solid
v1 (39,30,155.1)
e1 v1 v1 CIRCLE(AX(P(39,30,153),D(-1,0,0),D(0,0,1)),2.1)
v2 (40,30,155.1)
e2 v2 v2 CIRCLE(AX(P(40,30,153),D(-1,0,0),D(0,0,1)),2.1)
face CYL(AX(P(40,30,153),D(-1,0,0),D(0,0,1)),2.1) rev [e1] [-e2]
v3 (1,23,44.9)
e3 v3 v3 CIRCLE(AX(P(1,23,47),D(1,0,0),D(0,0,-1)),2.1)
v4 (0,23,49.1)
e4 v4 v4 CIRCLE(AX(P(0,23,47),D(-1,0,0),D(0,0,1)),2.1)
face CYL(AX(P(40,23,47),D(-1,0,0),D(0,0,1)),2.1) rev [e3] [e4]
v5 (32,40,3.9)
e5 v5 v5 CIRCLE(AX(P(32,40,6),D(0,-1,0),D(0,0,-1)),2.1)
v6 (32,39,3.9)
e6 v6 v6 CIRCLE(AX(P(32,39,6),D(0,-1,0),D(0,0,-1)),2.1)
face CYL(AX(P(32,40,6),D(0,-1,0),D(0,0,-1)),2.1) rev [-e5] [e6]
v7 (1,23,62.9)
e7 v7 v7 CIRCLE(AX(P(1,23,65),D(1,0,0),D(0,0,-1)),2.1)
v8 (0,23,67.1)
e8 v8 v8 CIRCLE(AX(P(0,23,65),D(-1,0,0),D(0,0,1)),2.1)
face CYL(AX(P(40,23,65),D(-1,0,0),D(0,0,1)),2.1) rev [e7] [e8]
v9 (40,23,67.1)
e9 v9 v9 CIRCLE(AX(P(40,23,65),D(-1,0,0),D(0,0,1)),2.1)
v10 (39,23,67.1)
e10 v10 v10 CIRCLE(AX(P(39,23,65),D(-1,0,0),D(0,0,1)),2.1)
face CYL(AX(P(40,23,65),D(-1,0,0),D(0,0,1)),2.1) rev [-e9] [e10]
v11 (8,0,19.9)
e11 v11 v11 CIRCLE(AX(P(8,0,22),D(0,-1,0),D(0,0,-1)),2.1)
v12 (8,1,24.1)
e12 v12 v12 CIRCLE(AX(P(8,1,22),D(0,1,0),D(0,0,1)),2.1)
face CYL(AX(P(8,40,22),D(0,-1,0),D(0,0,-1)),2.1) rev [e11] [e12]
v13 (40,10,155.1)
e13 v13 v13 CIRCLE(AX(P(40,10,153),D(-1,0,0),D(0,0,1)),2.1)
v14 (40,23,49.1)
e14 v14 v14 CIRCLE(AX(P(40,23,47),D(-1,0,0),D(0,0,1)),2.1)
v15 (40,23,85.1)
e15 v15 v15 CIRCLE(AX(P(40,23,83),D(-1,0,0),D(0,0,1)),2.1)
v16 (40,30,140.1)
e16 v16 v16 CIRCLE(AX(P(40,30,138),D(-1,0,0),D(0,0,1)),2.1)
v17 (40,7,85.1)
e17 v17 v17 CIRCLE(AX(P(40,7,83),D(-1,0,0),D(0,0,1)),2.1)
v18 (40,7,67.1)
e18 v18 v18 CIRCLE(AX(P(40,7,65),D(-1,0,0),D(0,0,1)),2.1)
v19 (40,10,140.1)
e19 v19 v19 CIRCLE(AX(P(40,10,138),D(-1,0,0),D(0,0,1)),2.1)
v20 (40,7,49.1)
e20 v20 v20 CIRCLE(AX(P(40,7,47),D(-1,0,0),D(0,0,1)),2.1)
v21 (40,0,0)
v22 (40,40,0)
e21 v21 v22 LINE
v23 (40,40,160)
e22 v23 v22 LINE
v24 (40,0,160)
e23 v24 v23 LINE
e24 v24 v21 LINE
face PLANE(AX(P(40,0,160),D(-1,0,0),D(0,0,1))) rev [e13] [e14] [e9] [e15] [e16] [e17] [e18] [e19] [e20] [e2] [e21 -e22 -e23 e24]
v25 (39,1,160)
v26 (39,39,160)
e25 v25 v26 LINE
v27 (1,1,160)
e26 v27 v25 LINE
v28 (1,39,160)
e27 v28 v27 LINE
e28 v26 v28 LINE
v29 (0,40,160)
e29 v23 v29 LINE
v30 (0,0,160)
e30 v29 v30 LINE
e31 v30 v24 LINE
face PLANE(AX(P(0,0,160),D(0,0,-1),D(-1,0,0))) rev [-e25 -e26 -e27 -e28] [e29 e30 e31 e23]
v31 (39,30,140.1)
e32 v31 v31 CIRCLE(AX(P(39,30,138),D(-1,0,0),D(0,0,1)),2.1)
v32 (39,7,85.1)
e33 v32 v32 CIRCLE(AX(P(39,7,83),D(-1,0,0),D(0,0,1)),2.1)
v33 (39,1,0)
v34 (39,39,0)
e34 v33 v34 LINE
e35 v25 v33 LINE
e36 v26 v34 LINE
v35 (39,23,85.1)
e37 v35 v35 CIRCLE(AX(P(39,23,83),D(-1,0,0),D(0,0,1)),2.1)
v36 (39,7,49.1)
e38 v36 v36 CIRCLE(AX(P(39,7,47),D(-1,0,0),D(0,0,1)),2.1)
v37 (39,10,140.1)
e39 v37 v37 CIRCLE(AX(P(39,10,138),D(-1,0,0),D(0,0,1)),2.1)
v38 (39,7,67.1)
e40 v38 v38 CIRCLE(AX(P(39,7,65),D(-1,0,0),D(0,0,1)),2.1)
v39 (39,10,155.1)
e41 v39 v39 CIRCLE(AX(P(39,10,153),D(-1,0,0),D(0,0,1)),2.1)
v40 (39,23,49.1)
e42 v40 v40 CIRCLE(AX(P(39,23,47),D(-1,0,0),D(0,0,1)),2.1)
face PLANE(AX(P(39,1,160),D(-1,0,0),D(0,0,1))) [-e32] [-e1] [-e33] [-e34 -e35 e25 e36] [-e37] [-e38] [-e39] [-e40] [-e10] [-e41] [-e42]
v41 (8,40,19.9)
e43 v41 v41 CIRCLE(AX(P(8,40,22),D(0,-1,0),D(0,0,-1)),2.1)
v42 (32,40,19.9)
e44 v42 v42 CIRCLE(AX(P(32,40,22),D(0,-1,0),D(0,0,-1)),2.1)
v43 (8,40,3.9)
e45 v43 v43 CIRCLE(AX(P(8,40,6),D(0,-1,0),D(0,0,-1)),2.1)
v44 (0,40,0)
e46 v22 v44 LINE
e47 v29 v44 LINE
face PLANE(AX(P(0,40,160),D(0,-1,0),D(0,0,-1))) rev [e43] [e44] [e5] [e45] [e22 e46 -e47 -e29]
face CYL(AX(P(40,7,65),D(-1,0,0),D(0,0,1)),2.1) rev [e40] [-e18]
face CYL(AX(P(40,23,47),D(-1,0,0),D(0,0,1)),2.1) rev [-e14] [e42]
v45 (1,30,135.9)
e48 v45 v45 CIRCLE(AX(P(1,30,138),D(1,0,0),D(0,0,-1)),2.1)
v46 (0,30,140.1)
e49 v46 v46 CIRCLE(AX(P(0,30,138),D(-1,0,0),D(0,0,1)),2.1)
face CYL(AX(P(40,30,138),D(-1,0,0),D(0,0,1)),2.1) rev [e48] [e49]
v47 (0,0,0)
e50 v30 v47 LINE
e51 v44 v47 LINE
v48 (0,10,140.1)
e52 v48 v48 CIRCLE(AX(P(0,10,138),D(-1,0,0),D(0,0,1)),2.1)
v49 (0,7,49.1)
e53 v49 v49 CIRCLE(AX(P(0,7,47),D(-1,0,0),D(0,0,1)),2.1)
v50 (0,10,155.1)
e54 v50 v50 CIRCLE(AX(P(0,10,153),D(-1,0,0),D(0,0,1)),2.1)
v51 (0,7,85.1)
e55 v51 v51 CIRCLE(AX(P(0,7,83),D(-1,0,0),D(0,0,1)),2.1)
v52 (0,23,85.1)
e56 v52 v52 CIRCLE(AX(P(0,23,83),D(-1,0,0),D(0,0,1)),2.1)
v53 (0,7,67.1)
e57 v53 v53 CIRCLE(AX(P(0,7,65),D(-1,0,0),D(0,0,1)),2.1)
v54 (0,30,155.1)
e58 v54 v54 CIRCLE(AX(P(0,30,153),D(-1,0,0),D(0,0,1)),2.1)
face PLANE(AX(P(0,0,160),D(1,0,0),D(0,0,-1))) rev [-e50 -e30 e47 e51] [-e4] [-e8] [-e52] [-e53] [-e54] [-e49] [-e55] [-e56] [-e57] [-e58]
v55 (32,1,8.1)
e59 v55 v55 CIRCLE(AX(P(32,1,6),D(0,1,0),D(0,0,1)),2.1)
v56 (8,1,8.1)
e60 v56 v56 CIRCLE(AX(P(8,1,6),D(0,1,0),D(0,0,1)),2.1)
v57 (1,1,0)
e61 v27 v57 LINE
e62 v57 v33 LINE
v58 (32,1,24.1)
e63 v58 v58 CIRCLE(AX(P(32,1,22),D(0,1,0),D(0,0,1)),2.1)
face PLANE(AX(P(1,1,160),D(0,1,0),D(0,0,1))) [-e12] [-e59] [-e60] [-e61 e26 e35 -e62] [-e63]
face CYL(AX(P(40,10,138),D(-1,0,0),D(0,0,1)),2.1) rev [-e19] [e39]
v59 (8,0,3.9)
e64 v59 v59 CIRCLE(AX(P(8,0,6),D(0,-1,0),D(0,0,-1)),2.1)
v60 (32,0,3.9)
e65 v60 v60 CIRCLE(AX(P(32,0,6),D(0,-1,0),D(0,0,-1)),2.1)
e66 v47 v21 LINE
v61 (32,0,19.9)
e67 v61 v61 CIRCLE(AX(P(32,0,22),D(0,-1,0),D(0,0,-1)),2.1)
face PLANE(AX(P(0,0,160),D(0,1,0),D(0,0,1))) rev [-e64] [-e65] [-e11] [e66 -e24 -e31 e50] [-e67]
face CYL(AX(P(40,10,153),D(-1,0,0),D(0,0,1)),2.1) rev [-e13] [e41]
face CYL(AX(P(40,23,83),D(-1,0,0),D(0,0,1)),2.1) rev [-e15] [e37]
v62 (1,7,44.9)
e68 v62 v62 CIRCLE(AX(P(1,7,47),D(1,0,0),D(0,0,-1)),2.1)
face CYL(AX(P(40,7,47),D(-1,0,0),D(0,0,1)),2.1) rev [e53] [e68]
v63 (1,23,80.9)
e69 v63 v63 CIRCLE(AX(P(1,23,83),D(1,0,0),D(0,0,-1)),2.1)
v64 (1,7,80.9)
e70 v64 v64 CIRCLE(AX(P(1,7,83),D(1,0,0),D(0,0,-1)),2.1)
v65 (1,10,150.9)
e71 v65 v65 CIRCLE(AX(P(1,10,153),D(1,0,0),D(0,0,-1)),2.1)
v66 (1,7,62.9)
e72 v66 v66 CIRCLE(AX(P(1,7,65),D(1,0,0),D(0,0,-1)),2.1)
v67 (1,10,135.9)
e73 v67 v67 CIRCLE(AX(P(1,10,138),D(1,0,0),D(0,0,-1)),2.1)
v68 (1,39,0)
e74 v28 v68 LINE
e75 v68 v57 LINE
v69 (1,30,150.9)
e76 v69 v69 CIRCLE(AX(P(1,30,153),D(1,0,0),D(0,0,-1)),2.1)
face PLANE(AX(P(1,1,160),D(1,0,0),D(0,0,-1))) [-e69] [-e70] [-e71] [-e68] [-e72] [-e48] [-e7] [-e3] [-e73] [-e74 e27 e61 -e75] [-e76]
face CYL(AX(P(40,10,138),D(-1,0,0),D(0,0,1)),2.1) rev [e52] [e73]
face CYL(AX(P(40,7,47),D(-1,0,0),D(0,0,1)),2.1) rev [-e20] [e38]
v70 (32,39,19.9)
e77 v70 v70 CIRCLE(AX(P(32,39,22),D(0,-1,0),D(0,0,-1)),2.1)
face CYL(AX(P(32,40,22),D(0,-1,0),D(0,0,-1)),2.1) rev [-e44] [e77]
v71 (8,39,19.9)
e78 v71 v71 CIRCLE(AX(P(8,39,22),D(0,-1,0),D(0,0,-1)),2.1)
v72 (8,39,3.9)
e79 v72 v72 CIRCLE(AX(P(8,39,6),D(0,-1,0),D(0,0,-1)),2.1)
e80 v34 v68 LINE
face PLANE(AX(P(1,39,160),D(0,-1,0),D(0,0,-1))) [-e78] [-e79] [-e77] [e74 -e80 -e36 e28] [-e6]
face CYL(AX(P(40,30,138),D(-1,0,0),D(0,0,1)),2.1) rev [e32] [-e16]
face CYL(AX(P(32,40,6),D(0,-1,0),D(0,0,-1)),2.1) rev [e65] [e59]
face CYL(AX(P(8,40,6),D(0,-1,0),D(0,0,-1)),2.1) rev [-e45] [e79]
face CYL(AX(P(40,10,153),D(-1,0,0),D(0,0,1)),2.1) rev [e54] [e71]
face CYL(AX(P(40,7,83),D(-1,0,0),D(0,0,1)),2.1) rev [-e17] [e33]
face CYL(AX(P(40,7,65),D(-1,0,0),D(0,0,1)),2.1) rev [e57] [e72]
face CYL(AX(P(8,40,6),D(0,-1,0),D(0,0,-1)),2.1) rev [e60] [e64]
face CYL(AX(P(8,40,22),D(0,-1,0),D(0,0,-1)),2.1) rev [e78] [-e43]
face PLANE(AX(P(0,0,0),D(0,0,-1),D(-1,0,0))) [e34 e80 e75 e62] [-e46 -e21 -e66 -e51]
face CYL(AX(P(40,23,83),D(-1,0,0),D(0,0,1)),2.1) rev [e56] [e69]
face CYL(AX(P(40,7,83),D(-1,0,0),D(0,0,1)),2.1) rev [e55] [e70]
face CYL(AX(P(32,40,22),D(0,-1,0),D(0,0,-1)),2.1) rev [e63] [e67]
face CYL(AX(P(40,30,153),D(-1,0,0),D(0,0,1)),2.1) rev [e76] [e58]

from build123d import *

# Parameters (mm, degrees)
SKETCH_1_W          = 40
SKETCH_1_H          = 40
SKETCH_1_W_2        = 38
SKETCH_1_H_2        = 38
EXTRUDE_1_DEPTH     = 160
SKETCH_2_R          = 2.1
CUT_EXTRUDE_1_DEPTH = 170.705627485
SKETCH_4_R          = 2.1
CUT_EXTRUDE_2_DEPTH = 170.705627485


with BuildPart() as part:
    # 草图1 → 凸台-拉伸1 (new body)
    with BuildSketch(Plane.XY):
        with Locations((20, 20)):
            Rectangle(SKETCH_1_W, SKETCH_1_H)
        with Locations((20, 20)):
            Rectangle(SKETCH_1_W_2, SKETCH_1_H_2, mode=Mode.SUBTRACT)
    extrude(amount=EXTRUDE_1_DEPTH)

    # 草图2 → 切除-拉伸1 (cut, through all)
    with BuildSketch(Plane.XZ):
        with Locations(Location((8, 6, 0), (0, 0, 270))):
            Circle(SKETCH_2_R)
        with Locations(Location((32, 22, 0), (0, 0, 270))):
            Circle(SKETCH_2_R)
        with Locations(Location((8, 22, 0), (0, 0, 270))):
            Circle(SKETCH_2_R)
        with Locations(Location((32, 6, 0), (0, 0, 270))):
            Circle(SKETCH_2_R)
    extrude(amount=-CUT_EXTRUDE_1_DEPTH, mode=Mode.SUBTRACT)

    # 草图4 → 切除-拉伸2 (cut, through all)
    with BuildSketch(Plane.ZY):
        with Locations((138, 10)):
            Circle(SKETCH_4_R)
        with Locations((153, 30)):
            Circle(SKETCH_4_R)
        with Locations((153, 10)):
            Circle(SKETCH_4_R)
        with Locations((138, 30)):
            Circle(SKETCH_4_R)
        with Locations((83, 23)):
            Circle(SKETCH_4_R)
        with Locations((65, 7)):
            Circle(SKETCH_4_R)
        with Locations((65, 23)):
            Circle(SKETCH_4_R)
        with Locations((47, 7)):
            Circle(SKETCH_4_R)
        with Locations((47, 23)):
            Circle(SKETCH_4_R)
        with Locations((83, 7)):
            Circle(SKETCH_4_R)
    extrude(amount=-CUT_EXTRUDE_2_DEPTH, mode=Mode.SUBTRACT)


solid = part.part
